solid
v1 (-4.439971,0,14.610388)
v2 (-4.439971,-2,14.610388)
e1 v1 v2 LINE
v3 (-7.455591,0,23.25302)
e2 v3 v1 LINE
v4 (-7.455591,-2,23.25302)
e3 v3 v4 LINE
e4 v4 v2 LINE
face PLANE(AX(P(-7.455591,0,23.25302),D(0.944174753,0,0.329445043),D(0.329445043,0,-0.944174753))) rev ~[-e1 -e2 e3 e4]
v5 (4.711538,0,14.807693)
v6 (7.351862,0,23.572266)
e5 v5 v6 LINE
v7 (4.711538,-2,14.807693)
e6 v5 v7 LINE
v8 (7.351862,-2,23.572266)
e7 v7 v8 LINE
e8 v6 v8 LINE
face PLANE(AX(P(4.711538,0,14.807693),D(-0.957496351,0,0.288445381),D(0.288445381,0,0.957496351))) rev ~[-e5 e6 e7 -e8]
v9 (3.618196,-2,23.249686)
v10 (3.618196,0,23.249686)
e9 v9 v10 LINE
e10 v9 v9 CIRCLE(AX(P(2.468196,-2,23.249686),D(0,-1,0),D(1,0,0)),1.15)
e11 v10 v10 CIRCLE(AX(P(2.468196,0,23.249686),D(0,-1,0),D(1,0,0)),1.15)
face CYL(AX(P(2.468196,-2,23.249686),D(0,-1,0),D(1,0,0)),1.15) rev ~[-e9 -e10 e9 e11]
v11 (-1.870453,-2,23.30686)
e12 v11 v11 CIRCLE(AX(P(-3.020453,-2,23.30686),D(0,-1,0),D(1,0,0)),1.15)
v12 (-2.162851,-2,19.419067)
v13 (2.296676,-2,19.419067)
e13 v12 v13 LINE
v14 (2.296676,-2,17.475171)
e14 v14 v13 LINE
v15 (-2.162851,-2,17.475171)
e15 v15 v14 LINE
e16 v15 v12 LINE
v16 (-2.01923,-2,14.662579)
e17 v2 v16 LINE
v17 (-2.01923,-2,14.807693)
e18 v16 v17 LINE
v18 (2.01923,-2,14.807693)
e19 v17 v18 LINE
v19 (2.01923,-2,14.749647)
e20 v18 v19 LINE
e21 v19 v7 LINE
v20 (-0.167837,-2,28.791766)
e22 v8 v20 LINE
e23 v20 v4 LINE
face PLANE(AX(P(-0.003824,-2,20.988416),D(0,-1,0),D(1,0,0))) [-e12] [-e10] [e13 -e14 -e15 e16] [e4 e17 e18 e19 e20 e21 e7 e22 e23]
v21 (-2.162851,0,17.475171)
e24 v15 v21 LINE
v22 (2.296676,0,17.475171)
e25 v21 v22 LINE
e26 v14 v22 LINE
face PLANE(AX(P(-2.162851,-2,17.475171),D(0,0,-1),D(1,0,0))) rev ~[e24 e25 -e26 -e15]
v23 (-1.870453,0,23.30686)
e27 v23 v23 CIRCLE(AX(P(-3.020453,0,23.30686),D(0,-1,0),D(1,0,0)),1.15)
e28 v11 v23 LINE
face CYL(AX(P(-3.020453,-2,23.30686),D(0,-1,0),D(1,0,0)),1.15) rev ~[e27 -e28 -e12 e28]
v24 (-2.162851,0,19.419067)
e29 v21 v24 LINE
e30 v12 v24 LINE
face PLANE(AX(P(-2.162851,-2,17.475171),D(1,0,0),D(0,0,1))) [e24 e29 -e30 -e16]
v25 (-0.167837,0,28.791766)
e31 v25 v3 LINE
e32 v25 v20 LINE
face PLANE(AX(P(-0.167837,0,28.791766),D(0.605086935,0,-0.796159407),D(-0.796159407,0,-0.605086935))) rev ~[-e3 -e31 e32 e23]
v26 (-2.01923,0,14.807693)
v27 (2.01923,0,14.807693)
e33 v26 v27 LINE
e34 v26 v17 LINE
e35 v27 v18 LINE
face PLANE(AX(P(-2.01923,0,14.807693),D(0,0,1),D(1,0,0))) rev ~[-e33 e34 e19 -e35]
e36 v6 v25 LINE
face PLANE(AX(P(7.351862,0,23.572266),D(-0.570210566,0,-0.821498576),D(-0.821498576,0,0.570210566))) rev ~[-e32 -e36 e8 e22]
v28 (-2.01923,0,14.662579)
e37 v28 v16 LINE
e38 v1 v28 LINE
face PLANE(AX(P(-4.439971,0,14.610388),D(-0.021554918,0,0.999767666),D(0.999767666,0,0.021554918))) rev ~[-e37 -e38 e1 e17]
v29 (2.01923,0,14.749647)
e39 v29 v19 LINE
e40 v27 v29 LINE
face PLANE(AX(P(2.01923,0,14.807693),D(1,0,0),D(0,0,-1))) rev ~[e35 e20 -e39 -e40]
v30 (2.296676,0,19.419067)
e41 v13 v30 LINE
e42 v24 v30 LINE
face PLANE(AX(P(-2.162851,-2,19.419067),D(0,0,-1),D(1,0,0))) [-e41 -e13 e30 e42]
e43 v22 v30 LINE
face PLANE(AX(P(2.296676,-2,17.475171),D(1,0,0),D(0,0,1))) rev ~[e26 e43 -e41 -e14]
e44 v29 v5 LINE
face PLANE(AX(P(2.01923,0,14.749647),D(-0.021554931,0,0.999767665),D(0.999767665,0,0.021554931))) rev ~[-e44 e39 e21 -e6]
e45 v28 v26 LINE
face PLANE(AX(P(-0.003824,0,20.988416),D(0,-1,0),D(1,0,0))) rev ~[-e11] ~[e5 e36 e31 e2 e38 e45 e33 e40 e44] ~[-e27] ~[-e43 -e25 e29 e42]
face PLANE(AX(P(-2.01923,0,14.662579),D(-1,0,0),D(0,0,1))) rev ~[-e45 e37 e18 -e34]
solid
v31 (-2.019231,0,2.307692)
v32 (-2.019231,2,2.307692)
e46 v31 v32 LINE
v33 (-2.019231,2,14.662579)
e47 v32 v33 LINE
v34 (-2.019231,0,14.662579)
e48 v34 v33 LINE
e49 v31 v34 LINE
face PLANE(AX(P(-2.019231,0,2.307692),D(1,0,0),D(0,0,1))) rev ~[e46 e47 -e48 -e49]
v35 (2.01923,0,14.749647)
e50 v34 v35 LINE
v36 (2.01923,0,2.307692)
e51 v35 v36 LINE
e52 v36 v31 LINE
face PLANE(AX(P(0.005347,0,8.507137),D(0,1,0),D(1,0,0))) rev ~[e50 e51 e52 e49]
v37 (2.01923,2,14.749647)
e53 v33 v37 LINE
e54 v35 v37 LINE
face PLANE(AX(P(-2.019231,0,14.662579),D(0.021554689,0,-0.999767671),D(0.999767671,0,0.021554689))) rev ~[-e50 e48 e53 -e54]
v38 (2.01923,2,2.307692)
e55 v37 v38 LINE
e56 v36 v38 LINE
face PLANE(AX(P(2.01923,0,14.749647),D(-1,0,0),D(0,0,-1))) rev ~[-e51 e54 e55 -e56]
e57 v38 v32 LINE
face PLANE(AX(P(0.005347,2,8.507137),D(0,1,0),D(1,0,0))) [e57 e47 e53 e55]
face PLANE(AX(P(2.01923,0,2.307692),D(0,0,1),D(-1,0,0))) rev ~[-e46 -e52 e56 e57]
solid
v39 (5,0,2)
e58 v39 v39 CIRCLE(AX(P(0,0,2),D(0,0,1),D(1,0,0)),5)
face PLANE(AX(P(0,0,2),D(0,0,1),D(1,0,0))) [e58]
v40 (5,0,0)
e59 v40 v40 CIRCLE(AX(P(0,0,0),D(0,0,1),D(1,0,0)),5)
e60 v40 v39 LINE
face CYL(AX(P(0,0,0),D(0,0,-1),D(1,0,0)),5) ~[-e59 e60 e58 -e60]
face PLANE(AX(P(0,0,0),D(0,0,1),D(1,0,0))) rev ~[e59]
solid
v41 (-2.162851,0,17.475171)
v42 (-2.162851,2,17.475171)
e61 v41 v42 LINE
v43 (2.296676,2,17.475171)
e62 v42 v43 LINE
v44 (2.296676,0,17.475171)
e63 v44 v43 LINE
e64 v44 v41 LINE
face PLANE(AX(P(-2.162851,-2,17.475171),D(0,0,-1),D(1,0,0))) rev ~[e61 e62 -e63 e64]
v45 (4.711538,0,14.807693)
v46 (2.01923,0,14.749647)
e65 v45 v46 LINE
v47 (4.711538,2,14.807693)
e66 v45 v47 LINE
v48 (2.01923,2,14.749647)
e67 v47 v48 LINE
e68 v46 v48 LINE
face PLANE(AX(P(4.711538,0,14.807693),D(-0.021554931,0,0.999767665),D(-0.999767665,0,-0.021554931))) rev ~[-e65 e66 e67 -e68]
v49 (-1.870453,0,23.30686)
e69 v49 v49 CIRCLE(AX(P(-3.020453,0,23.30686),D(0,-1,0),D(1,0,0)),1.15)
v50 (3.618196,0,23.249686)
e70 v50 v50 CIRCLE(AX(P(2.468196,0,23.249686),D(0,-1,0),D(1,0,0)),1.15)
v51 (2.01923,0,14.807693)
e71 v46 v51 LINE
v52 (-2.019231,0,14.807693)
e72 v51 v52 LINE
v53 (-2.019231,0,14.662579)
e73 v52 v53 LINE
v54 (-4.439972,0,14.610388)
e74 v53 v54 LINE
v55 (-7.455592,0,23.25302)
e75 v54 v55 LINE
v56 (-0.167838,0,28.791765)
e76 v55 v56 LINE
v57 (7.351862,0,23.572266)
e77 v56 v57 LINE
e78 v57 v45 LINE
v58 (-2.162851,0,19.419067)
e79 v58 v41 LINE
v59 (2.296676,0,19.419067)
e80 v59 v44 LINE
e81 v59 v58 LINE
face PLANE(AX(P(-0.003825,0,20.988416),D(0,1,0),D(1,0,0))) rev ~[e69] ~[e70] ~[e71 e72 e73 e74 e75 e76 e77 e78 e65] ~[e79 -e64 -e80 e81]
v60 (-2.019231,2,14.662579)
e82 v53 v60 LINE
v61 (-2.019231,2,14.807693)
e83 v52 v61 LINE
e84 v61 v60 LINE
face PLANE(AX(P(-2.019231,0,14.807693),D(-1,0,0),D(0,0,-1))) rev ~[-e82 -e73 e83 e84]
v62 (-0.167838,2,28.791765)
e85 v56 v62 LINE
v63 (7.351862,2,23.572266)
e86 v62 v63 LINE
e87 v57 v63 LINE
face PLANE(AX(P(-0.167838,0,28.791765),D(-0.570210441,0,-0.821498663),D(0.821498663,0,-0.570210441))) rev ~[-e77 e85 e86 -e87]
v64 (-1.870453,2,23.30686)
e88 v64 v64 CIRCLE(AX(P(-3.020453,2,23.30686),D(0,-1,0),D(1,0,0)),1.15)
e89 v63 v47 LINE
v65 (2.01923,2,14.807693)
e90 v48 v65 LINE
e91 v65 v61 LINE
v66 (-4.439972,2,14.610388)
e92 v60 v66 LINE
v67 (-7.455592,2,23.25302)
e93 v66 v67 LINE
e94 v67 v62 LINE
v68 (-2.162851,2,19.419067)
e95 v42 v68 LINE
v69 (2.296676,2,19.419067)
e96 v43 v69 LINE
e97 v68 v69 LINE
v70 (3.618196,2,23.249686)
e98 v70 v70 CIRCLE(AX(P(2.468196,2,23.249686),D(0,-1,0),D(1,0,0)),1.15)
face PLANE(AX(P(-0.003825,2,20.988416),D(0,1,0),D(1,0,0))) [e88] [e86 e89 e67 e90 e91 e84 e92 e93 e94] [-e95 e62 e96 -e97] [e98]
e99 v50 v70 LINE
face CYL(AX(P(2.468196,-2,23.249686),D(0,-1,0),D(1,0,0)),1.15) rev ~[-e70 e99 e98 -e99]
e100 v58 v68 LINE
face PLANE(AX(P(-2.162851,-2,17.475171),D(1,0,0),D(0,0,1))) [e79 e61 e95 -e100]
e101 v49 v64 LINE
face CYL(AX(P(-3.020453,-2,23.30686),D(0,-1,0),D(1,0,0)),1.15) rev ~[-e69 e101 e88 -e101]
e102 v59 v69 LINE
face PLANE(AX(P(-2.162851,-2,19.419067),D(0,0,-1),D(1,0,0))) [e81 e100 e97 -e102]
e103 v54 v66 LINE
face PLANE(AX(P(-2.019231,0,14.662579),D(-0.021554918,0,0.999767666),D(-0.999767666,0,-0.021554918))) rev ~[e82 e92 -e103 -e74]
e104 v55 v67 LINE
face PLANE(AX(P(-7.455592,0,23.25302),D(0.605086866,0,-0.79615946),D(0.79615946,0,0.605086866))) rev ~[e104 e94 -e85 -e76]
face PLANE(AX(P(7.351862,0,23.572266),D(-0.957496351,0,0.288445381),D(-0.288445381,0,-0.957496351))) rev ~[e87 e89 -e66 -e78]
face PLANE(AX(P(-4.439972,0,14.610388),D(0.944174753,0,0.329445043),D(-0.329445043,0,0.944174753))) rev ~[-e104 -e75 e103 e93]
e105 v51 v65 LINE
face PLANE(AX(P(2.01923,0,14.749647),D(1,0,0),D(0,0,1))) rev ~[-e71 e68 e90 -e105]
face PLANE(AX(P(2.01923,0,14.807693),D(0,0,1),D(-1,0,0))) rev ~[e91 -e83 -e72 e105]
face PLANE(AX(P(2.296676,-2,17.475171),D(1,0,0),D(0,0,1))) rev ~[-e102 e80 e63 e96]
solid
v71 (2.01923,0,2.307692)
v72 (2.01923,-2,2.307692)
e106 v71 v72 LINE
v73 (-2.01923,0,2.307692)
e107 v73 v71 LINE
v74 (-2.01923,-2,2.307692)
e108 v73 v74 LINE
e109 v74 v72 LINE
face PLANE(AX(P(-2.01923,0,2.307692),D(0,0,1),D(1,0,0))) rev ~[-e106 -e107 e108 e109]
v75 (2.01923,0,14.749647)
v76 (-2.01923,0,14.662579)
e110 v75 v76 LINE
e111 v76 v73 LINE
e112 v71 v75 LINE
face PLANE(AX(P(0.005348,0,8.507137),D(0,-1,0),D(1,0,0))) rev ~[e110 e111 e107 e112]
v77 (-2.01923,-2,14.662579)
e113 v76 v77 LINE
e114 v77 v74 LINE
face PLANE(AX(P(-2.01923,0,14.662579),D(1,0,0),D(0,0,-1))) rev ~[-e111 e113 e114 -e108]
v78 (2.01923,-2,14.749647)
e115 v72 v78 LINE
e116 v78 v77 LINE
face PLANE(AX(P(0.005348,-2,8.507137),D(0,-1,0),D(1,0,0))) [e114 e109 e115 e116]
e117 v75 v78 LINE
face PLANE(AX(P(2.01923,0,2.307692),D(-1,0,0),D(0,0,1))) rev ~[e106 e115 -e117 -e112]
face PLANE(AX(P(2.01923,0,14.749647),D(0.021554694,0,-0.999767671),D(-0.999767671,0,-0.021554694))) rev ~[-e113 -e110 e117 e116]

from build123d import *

# Parameters (mm, degrees)
F0_R     = 5
F1_DEPTH = 2
F3_DEPTH = 2
F4_DEPTH = 2
F5_R     = 1.15
F5_W     = 4.459527
F5_H     = 1.943896
F6_DEPTH = 4


with BuildPart() as f1:
    # F0 (on Top) → F1 (new body)
    with BuildSketch(Plane.XY):
        Circle(F0_R)
    extrude(amount=F1_DEPTH)


with BuildPart() as f3:
    # F2 (on Front) → F3 (new body)
    with BuildSketch(Plane.XZ):
        Polygon((2.01923, 14.749647), (-2.01923, 14.662579), (-2.01923, 2.307692), (2.01923, 2.307692), align=None)
        Polygon((-2.01923, 14.662579), (-2.01923, 14.807693), (2.01923, 14.807693), (2.01923, 14.749647), (4.711538, 14.807693), (7.351862, 23.572266), (-0.167837, 28.791766), (-7.455591, 23.25302), (-4.439971, 14.610388), align=None)
    extrude(amount=F3_DEPTH)


with BuildPart() as f4:
    # F3_face (on face) → F4 (new body)
    with BuildSketch(Plane(origin=(0.002363, 0, 8.506928), x_dir=(1, 0, 0), z_dir=(0, 1, 0))):
        Polygon((2.016867, -6.242719), (2.016867, 6.199236), (-2.021594, 6.199236), (-2.021594, -6.155651), align=None)
        Polygon((-2.021594, -6.155651), (-4.442335, -6.10346), (-7.457955, -14.746092), (-0.170201, -20.284837), (7.349499, -15.065338), (4.709175, -6.300765), (2.016867, -6.242719), (2.016867, -6.300765), (-2.021594, -6.300765), align=None)
    extrude(amount=F4_DEPTH)


with BuildPart() as f6_tool:
    # F5 (on face) → F6 (new body)
    with BuildSketch(Plane.XZ.offset(2)):
        with Locations((-3.020453, 23.30686)):
            Circle(F5_R)
        with Locations((2.468196, 23.249686)):
            Circle(F5_R)
        with Locations((0.066912, 18.447119)):
            Rectangle(F5_W, F5_H)
    extrude(amount=-F6_DEPTH)


with BuildPart() as f3_1:
    add(f3.part)

    # F6: cut by f6_tool
    add(f6_tool.part, mode=Mode.SUBTRACT)


with BuildPart() as f4_1:
    add(f4.part)

    # F6: cut by f6_tool
    add(f6_tool.part, mode=Mode.SUBTRACT)


solid = Compound([f1.part, f3_1.part, f4_1.part])
